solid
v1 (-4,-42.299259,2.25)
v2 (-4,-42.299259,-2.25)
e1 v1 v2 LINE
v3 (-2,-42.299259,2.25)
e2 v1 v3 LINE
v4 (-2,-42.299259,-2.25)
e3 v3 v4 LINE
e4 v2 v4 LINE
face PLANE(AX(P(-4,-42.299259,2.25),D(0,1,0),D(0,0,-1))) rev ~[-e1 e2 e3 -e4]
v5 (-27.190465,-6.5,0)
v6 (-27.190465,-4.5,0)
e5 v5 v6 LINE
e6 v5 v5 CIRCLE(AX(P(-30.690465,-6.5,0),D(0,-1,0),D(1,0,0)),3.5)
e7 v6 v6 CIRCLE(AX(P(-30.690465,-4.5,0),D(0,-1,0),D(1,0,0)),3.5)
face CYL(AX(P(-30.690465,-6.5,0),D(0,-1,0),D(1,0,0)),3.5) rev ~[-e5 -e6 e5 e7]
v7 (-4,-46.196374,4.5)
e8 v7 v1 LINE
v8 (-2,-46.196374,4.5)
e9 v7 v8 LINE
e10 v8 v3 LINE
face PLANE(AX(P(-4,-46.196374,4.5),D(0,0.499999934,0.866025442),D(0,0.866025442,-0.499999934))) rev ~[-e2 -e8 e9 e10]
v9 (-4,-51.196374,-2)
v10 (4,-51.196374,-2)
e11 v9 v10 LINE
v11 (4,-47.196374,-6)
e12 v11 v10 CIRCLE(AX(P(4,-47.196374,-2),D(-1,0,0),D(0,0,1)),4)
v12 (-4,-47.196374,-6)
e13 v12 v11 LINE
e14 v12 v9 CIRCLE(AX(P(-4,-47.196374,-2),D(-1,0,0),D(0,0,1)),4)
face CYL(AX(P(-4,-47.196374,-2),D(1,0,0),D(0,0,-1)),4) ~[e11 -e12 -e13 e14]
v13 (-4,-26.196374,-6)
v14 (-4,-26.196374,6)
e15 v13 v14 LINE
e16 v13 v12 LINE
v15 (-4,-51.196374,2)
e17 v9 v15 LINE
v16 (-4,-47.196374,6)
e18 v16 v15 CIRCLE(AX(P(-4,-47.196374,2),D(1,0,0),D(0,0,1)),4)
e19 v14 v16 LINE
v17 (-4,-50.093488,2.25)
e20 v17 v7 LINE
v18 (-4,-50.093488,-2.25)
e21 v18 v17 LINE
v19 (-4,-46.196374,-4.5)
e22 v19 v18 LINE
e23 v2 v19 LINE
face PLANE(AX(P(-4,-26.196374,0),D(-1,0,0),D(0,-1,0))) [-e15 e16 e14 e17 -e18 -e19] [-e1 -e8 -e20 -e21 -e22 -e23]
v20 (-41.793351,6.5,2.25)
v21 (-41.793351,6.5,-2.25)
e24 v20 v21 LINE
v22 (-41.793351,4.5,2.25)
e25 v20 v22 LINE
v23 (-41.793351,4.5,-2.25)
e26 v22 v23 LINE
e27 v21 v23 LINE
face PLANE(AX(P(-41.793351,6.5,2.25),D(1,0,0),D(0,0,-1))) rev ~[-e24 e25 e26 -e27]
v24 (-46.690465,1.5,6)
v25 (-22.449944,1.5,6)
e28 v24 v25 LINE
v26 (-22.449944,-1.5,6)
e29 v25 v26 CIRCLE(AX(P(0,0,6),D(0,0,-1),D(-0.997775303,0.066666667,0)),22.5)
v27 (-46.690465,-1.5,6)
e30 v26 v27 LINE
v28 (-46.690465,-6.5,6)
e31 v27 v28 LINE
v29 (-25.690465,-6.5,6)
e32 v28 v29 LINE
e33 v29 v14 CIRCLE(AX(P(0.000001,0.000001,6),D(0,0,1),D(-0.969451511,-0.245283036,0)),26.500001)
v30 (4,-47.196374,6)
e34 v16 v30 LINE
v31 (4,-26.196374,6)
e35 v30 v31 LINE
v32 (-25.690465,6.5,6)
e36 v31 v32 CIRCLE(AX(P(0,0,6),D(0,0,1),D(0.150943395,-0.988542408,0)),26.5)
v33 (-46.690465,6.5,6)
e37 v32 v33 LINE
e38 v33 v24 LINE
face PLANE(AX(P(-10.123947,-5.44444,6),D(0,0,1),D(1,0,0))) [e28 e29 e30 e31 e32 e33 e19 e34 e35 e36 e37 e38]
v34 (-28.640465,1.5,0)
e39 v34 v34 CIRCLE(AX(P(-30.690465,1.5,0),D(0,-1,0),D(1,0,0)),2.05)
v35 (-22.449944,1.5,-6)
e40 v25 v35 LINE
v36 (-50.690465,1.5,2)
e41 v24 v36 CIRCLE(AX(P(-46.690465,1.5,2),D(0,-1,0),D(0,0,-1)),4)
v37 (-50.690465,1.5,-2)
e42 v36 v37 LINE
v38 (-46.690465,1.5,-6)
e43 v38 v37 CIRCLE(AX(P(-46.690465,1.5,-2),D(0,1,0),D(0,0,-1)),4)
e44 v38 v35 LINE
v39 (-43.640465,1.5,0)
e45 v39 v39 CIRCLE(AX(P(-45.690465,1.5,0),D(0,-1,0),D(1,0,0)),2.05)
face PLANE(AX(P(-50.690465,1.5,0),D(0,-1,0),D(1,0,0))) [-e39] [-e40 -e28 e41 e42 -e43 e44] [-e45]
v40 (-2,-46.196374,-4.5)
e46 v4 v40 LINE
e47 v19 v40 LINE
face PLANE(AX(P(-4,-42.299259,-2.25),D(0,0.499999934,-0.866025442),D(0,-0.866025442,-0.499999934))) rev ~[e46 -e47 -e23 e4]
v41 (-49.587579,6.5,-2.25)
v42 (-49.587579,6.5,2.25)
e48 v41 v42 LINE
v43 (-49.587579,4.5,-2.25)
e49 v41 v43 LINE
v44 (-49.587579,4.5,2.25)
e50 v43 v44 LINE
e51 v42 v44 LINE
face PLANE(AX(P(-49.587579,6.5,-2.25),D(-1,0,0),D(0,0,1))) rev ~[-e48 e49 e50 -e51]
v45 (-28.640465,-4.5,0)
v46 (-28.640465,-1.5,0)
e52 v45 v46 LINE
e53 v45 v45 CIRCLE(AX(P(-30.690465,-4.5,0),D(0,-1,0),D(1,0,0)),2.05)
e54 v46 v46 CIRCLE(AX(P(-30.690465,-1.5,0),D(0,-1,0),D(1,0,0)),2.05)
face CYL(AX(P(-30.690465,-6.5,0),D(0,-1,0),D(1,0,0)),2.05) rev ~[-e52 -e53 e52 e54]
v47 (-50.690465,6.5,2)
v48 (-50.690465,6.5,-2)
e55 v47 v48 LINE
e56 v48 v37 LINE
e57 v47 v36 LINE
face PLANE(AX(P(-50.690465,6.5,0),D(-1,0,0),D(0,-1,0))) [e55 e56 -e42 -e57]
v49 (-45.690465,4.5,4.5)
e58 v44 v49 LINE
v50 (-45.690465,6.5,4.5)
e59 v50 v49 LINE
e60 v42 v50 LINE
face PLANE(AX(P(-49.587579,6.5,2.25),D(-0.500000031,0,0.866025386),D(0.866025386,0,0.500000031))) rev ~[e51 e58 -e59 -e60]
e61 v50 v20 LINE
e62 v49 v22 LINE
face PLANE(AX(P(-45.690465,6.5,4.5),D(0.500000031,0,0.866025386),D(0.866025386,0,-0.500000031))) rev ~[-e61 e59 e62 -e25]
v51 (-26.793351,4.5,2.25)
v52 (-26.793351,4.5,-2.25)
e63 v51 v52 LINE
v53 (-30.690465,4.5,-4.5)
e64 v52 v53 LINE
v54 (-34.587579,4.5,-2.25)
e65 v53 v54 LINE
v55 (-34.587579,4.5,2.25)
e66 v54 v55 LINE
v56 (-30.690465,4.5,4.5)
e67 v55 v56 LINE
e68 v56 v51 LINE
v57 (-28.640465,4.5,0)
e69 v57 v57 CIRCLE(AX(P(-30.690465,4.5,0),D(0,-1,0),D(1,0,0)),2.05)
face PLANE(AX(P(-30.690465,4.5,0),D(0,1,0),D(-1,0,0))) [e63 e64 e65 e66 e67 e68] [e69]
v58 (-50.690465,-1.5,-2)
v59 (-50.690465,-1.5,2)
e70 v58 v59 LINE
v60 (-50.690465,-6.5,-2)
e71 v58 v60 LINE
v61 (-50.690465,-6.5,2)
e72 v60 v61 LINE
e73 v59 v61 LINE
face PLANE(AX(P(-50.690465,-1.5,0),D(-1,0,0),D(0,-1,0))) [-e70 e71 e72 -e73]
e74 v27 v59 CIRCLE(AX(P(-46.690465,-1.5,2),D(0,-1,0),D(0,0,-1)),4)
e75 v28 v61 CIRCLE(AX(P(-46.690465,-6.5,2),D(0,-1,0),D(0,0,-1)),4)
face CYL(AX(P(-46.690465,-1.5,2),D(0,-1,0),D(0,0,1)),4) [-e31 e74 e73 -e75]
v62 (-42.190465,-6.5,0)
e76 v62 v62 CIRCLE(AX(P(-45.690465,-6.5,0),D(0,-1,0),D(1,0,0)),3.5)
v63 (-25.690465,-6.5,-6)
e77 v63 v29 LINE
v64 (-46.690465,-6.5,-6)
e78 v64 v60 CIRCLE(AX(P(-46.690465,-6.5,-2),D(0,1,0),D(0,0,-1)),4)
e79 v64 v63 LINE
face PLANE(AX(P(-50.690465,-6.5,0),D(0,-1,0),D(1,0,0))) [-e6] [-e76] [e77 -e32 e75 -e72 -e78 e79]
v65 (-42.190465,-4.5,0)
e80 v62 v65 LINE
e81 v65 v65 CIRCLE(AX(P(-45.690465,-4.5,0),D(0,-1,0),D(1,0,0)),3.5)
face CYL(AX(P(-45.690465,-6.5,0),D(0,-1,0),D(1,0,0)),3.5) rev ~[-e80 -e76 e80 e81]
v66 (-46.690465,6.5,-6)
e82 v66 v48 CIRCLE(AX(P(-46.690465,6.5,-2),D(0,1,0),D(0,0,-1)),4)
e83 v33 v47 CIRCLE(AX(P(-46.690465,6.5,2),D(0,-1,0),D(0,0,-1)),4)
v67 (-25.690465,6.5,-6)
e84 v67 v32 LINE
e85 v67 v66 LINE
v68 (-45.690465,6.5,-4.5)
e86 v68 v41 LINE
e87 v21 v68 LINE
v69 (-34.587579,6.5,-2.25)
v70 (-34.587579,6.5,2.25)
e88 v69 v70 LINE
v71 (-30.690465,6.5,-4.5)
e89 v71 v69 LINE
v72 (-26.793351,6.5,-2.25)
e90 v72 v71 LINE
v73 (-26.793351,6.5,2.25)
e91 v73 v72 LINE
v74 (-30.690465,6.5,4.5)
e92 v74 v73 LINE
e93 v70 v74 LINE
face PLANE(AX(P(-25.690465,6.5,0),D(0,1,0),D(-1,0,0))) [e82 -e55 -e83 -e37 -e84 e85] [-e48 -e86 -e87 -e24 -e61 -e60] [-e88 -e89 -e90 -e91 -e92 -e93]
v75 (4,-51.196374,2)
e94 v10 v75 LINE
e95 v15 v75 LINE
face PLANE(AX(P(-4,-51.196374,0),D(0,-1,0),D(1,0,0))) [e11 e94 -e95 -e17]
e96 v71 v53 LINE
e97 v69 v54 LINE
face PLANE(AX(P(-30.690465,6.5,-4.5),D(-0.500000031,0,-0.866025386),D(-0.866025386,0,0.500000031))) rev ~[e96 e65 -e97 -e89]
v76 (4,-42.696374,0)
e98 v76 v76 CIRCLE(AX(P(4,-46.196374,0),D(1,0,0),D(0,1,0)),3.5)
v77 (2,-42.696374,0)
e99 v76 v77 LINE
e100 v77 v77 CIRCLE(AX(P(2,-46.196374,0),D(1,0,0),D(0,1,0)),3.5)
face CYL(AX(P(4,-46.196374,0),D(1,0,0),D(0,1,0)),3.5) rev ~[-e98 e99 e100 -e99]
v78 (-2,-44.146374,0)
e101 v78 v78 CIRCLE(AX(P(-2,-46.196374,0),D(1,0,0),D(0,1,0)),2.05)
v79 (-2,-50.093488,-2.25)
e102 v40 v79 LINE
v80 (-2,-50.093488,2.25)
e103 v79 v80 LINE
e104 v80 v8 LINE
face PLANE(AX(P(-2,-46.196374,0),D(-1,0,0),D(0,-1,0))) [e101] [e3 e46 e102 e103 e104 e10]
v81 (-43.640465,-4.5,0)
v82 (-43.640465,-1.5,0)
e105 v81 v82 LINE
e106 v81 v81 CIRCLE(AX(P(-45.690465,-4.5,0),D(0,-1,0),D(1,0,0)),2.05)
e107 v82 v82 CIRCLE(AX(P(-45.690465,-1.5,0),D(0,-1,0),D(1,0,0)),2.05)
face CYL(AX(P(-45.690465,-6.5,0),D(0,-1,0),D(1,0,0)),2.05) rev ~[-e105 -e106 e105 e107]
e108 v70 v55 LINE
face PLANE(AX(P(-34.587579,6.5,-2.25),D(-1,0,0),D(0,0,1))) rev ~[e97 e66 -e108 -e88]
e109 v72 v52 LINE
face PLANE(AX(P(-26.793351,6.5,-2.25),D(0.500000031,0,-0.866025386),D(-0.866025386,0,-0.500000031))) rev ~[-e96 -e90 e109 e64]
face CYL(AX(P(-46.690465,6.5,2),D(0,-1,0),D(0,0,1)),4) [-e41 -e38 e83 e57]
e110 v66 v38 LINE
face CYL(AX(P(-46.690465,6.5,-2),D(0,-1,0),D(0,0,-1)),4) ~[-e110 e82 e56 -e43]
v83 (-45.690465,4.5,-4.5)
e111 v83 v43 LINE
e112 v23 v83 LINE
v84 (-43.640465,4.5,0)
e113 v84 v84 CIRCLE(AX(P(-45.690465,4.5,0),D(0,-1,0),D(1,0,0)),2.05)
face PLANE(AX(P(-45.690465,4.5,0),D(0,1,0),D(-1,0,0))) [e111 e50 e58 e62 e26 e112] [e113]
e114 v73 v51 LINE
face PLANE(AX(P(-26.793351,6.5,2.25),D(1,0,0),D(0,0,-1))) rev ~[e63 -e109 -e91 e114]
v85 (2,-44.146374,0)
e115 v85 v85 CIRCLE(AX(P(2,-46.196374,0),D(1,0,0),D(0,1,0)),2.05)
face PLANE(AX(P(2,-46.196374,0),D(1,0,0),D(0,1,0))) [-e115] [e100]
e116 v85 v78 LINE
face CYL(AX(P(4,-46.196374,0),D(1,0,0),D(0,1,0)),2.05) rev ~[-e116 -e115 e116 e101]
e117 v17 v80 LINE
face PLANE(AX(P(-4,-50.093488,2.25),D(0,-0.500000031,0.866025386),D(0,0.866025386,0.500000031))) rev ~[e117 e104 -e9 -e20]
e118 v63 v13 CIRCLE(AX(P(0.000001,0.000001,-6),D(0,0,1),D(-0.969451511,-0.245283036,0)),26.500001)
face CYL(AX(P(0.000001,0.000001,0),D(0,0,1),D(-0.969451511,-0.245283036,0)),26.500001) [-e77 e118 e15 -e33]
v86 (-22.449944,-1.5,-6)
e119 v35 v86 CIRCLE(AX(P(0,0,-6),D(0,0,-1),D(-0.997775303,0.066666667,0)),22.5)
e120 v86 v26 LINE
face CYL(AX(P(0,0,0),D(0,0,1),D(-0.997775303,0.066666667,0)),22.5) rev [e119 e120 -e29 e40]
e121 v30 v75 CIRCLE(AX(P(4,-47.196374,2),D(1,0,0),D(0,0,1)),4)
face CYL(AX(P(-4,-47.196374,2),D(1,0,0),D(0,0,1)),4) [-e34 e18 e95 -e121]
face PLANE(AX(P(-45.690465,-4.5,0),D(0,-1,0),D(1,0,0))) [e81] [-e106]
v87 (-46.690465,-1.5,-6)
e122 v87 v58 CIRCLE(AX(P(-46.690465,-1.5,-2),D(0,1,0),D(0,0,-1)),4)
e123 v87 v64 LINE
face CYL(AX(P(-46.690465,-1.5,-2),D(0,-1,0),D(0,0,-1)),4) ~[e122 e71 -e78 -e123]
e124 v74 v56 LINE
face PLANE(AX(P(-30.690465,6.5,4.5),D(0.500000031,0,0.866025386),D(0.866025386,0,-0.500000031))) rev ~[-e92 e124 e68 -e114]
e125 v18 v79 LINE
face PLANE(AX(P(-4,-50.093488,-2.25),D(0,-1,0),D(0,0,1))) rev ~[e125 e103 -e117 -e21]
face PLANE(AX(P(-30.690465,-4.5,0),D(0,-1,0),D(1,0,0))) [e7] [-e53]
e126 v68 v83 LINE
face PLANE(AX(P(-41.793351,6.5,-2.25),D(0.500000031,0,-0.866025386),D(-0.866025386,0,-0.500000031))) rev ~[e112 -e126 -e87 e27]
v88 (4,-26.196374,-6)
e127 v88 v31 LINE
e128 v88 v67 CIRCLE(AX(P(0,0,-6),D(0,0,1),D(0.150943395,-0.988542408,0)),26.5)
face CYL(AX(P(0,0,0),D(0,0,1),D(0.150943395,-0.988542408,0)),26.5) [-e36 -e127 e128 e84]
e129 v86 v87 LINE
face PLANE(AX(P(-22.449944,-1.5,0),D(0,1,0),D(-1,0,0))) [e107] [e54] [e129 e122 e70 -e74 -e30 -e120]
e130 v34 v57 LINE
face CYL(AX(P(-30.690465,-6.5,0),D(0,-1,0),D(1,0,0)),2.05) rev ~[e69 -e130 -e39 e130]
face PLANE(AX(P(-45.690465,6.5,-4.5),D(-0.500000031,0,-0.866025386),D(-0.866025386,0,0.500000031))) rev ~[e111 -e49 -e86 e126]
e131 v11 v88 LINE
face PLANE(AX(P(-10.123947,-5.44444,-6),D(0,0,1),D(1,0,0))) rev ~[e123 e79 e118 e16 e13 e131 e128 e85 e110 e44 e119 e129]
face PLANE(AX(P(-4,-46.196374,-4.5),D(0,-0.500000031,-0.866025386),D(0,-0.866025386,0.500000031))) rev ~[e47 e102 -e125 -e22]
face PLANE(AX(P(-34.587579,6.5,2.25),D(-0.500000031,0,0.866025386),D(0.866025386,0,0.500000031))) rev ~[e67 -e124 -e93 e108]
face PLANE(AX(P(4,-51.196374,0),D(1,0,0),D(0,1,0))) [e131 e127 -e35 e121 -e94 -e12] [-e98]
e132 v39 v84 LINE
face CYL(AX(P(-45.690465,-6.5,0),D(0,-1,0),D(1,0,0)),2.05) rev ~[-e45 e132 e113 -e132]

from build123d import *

# Parameters (mm, degrees)
F1_DEPTH  = 6
F6_DEPTH  = 2
F7_DEPTH  = 2
F2_R      = 2.05
F8_DEPTH  = 13
F2_R_2    = 3.5
F9_DEPTH  = 2
F4_R      = 2.05
F10_DEPTH = 8
F4_R_2    = 3.5
F11_DEPTH = 2
F12_R     = 4


with BuildPart() as f1:
    # F0 (on Top) → F1 (new body, symmetric)
    with BuildSketch(Plane.XY):
        with BuildLine():
            ThreePointArc((-22.449944, 1.5), (22.5, 0), (-22.449944, -1.5))
            Line((-22.449944, -1.5), (-50.690465, -1.5))
            Line((-50.690465, -1.5), (-50.690465, -6.5))
            Line((-50.690465, -6.5), (-25.690465, -6.5))
            ThreePointArc((-25.690465, -6.5), (-17.814817, -19.618417), (-4, -26.196374))
            Line((-4, -26.196374), (-4, -51.196374))
            Line((-4, -51.196374), (4, -51.196374))
            Line((4, -51.196374), (4, -26.196374))
            ThreePointArc((4, -26.196374), (19.618417, 17.814817), (-25.690465, 6.5))
            Line((-25.690465, 6.5), (-50.690465, 6.5))
            Line((-50.690465, 6.5), (-50.690465, 1.5))
            Line((-50.690465, 1.5), (-22.449944, 1.5))
        make_face()
    extrude(amount=F1_DEPTH, both=True)

    # F5 (on face) → F6 (cut)
    with BuildSketch(Plane(origin=(-4, 0, 0), x_dir=(0, -1, 0), z_dir=(-1, 0, 0))):
        Polygon((50.093488, -2.25), (50.093488, 2.25), (46.196374, 4.5), (42.299259, 2.25), (42.299259, -2.25), (46.196374, -4.5), align=None)
    extrude(amount=-F6_DEPTH, mode=Mode.SUBTRACT)

    # F3 (on face) → F7 (cut)
    with BuildSketch(Plane(origin=(0, 6.5, 0), x_dir=(-1, 0, 0), z_dir=(0, 1, 0))):
        Polygon((49.587579, -2.25), (49.587579, 2.25), (45.690465, 4.5), (41.793351, 2.25), (41.793351, -2.25), (45.690465, -4.5), align=None)
        Polygon((34.587579, 2.25), (30.690465, 4.5), (26.793351, 2.25), (26.793351, -2.25), (30.690465, -4.5), (34.587579, -2.25), align=None)
    extrude(amount=-F7_DEPTH, mode=Mode.SUBTRACT)

    # F2 (on face) → F8 (cut, through all)
    with BuildSketch(Plane.XZ.offset(6.5)):
        with Locations((-45.690465, 0)):
            Circle(F2_R)
        with Locations((-30.690465, 0)):
            Circle(F2_R)
    extrude(amount=-F8_DEPTH, mode=Mode.SUBTRACT)

    # F2 (on face) → F9 (cut)
    with BuildSketch(Plane.XZ.offset(6.5)):
        with Locations((-45.690465, 0)):
            Circle(F2_R_2)
        with Locations((-45.690465, 0)):
            Circle(F2_R, mode=Mode.SUBTRACT)
        with Locations((-30.690465, 0)):
            Circle(F2_R_2)
        with Locations((-30.690465, 0)):
            Circle(F2_R, mode=Mode.SUBTRACT)
    extrude(amount=-F9_DEPTH, mode=Mode.SUBTRACT)

    # F4 (on face) → F10 (cut, through all)
    with BuildSketch(Plane.YZ.offset(4)):
        with Locations((-46.196374, 0)):
            Circle(F4_R)
    extrude(amount=-F10_DEPTH, mode=Mode.SUBTRACT)

    # F4 (on face) → F11 (cut)
    with BuildSketch(Plane.YZ.offset(4)):
        with Locations((-46.196374, 0)):
            Circle(F4_R_2)
        with Locations((-46.196374, 0)):
            Circle(F4_R, mode=Mode.SUBTRACT)
    extrude(amount=-F11_DEPTH, mode=Mode.SUBTRACT)

    # F12
    f12_edges = [f1.edges().sort_by_distance(p)[0] for p in [
        (-50.690465, 4, 6),
        (-50.690465, 4, -6),
        (-50.690465, -4, 6),
        (-50.690465, -4, -6),
        (0, -51.196374, 6),
        (0, -51.196374, -6),
    ]]
    fillet(f12_edges, radius=F12_R)


solid = f1.part
